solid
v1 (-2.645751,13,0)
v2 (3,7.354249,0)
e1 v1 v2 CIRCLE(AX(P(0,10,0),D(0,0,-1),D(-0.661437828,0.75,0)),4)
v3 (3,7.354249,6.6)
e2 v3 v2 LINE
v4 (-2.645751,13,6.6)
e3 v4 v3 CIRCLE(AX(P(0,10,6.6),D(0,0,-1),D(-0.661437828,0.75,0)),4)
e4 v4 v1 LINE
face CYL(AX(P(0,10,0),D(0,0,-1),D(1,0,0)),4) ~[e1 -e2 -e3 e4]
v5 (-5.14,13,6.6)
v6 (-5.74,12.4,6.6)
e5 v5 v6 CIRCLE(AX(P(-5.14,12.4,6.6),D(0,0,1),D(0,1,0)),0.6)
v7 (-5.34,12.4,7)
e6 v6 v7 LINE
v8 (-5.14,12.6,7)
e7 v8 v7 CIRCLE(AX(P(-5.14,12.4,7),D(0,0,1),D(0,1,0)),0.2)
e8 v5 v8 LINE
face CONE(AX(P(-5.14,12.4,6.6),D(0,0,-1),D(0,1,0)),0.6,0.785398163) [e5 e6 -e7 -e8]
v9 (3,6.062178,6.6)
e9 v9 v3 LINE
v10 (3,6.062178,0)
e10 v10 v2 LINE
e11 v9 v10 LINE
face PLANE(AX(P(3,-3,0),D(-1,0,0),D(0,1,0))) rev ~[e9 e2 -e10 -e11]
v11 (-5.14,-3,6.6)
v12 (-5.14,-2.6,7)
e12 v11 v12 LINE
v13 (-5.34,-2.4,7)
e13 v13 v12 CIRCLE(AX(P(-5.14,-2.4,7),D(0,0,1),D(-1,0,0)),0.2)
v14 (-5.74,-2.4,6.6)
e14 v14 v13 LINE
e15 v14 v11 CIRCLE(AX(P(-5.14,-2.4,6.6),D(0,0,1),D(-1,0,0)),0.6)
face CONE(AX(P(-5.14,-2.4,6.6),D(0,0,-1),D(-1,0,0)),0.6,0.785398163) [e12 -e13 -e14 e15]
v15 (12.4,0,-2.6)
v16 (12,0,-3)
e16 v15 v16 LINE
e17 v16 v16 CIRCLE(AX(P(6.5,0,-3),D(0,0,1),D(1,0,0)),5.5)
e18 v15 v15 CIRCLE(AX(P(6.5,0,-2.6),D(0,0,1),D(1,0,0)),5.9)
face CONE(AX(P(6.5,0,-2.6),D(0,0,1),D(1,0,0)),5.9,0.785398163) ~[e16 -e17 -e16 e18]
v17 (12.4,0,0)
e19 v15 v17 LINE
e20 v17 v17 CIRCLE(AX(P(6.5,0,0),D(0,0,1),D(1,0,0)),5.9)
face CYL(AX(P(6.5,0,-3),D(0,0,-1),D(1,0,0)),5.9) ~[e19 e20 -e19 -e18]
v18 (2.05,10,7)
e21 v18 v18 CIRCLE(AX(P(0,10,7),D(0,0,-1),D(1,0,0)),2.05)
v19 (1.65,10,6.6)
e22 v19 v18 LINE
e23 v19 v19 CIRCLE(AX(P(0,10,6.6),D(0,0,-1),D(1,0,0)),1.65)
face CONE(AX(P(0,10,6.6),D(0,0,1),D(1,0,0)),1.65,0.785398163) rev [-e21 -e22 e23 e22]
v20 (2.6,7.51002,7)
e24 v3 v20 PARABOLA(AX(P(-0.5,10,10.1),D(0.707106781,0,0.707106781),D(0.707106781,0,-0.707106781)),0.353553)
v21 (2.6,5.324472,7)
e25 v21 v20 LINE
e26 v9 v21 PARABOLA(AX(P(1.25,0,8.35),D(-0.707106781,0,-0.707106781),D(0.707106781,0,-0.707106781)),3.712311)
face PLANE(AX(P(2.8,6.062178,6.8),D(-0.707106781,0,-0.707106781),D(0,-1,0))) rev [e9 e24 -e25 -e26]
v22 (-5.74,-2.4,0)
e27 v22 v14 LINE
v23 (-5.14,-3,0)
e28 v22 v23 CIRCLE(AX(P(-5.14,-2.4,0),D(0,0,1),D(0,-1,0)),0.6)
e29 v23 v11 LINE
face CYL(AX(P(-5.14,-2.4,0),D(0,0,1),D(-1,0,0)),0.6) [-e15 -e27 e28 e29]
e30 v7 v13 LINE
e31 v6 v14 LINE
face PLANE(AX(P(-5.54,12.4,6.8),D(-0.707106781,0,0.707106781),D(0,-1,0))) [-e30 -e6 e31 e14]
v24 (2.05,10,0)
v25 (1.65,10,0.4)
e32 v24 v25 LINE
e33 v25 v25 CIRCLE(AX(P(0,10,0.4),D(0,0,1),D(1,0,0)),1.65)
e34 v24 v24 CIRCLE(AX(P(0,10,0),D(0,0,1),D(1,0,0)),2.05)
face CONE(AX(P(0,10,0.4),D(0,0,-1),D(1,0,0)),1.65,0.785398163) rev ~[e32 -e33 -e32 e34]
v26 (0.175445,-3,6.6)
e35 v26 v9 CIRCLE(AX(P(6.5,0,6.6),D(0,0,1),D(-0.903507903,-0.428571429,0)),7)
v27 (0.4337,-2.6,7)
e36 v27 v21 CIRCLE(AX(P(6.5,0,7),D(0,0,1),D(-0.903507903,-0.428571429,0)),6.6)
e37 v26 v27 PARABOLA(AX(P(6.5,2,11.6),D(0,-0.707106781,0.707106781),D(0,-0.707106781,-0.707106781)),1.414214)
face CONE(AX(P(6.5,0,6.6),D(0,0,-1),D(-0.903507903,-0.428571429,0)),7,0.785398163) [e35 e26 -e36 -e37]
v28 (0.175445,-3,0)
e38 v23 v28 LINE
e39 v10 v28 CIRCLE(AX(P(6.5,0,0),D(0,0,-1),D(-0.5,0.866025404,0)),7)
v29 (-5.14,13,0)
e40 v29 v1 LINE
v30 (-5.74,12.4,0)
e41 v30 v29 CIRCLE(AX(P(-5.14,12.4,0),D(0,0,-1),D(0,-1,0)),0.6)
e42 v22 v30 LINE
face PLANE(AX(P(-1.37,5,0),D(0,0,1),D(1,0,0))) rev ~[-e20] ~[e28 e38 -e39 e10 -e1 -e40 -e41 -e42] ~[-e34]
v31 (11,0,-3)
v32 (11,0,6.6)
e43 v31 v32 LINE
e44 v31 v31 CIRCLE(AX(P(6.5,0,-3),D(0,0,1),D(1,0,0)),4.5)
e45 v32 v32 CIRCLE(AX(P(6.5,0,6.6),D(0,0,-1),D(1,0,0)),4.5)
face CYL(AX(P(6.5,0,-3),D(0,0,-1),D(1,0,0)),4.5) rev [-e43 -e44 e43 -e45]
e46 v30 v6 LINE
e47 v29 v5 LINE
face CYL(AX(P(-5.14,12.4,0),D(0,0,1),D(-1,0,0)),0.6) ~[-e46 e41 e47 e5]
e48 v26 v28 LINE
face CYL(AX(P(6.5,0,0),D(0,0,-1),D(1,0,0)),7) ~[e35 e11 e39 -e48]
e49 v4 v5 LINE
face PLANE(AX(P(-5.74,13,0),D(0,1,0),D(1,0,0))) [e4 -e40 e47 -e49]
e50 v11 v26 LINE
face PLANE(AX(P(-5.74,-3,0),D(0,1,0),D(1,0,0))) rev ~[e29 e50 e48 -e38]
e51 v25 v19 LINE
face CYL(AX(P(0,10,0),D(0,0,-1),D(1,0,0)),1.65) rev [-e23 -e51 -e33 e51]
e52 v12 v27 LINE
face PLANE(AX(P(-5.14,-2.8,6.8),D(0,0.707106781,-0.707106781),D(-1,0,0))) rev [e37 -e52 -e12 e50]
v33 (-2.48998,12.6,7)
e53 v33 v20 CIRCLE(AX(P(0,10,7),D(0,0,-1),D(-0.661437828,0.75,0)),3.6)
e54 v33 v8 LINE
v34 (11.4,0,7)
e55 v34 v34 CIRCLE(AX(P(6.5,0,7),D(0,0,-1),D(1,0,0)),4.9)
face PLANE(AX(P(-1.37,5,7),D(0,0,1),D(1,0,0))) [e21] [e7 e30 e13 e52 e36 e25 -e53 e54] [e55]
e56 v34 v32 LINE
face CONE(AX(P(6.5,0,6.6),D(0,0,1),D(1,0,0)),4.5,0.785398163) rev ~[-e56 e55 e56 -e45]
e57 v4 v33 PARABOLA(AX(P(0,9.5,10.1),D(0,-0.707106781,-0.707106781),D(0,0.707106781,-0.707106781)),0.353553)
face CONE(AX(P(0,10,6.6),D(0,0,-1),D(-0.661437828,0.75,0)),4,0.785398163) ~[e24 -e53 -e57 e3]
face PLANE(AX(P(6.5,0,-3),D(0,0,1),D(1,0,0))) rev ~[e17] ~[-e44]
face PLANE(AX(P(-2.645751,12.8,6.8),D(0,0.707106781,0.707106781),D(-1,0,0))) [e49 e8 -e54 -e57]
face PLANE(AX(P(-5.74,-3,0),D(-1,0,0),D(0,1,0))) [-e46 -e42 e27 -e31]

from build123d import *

# Parameters (mm, degrees)
CYLINDER004_R     = 4.5
CYLINDER004_DEPTH = 12
CYLINDER_R        = 1.65
CYLINDER_DEPTH    = 8
BOX_W             = 8.74
BOX_H             = 16
BOX_DEPTH         = 7
FILLET012_R       = 0.6
FILLET013_R       = 3
CYLINDER006_R     = 4
CYLINDER006_DEPTH = 7
CYLINDER003_R     = 5.9
CYLINDER003_DEPTH = 10
CYLINDER002_R     = 7
CYLINDER002_DEPTH = 7
CHAMFER010_SIZE   = 0.4


with BuildPart() as cylinder004:
    # Cylinder004 → Cylinder004 (new body)
    with BuildSketch(Plane(origin=(6.5, 0, -3), x_dir=(1, 0, 0), z_dir=(0, 0, 1))):
        Circle(CYLINDER004_R)
    extrude(amount=CYLINDER004_DEPTH)


with BuildPart() as cylinder:
    # Cylinder → Cylinder (new body)
    with BuildSketch(Plane(origin=(0, 10, 0), x_dir=(1, 0, 0), z_dir=(0, 0, 1))):
        Circle(CYLINDER_R)
    extrude(amount=CYLINDER_DEPTH)


with BuildPart() as fillet013:
    # Box → Box (new body)
    with BuildSketch(Plane(origin=(-5.74, -3, 0), x_dir=(1, 0, 0), z_dir=(0, 0, 1))):
        with Locations((4.37, 8)):
            Rectangle(BOX_W, BOX_H)
    extrude(amount=BOX_DEPTH)

    # Fillet012
    fillet012_edges = [fillet013.edges().sort_by_distance(p)[0] for p in [
        (-5.74, -3, 3.5),
        (-5.74, 13, 3.5),
    ]]
    fillet(fillet012_edges, radius=FILLET012_R)

    # Fillet013
    fillet013_edges = [fillet013.edges().sort_by_distance(p)[0] for p in [
        (3, 13, 3.5),
    ]]
    fillet(fillet013_edges, radius=FILLET013_R)


with BuildPart() as cut002:
    # Cylinder006 → Cylinder006 (new body)
    with BuildSketch(Plane(origin=(0, 10, 0), x_dir=(1, 0, 0), z_dir=(0, 0, 1))):
        Circle(CYLINDER006_R)
    extrude(amount=CYLINDER006_DEPTH)

    # Fusion001: union Fillet013
    add(fillet013.part)

    # Cut002: cut Cylinder
    add(cylinder.part, mode=Mode.SUBTRACT)


with BuildPart() as cylinder003:
    # Cylinder003 → Cylinder003 (new body)
    with BuildSketch(Plane(origin=(6.5, 0, -3), x_dir=(1, 0, 0), z_dir=(0, 0, 1))):
        Circle(CYLINDER003_R)
    extrude(amount=CYLINDER003_DEPTH)


with BuildPart() as endstop_flag:
    # Cylinder002 → Cylinder002 (new body)
    with BuildSketch(Plane(origin=(6.5, 0, 0), x_dir=(1, 0, 0), z_dir=(0, 0, 1))):
        Circle(CYLINDER002_R)
    extrude(amount=CYLINDER002_DEPTH)

    # Fusion: union Cylinder003
    add(cylinder003.part)

    # Fusion002: union Cut002
    add(cut002.part)

    # Cut003: cut Cylinder004
    add(cylinder004.part, mode=Mode.SUBTRACT)

    # Chamfer010
    chamfer010_edges = [endstop_flag.edges().sort_by_distance(p)[0] for p in [
        (-2.482278, -3, 7),
        (-5.564264, -2.824264, 7),
        (-5.74, 5, 7),
        (-5.564264, 12.824264, 7),
        (-3.892876, 13, 7),
        (-1.65, 10, 0),
        (3, 6.708213, 7),
        (0.6, 0, -3),
        (8, 4.242641, 7),
        (2, 0, 7),
        (8, -4.242641, 7),
        (-1.65, 10, 7),
        (8.037549, -6.829051, 7),
        (10, 6.062178, 7),
        (3.741657, 8.585786, 7),
        (1.645751, 13.645751, 7),
    ]]
    chamfer(chamfer010_edges, length=CHAMFER010_SIZE)


solid = endstop_flag.part
